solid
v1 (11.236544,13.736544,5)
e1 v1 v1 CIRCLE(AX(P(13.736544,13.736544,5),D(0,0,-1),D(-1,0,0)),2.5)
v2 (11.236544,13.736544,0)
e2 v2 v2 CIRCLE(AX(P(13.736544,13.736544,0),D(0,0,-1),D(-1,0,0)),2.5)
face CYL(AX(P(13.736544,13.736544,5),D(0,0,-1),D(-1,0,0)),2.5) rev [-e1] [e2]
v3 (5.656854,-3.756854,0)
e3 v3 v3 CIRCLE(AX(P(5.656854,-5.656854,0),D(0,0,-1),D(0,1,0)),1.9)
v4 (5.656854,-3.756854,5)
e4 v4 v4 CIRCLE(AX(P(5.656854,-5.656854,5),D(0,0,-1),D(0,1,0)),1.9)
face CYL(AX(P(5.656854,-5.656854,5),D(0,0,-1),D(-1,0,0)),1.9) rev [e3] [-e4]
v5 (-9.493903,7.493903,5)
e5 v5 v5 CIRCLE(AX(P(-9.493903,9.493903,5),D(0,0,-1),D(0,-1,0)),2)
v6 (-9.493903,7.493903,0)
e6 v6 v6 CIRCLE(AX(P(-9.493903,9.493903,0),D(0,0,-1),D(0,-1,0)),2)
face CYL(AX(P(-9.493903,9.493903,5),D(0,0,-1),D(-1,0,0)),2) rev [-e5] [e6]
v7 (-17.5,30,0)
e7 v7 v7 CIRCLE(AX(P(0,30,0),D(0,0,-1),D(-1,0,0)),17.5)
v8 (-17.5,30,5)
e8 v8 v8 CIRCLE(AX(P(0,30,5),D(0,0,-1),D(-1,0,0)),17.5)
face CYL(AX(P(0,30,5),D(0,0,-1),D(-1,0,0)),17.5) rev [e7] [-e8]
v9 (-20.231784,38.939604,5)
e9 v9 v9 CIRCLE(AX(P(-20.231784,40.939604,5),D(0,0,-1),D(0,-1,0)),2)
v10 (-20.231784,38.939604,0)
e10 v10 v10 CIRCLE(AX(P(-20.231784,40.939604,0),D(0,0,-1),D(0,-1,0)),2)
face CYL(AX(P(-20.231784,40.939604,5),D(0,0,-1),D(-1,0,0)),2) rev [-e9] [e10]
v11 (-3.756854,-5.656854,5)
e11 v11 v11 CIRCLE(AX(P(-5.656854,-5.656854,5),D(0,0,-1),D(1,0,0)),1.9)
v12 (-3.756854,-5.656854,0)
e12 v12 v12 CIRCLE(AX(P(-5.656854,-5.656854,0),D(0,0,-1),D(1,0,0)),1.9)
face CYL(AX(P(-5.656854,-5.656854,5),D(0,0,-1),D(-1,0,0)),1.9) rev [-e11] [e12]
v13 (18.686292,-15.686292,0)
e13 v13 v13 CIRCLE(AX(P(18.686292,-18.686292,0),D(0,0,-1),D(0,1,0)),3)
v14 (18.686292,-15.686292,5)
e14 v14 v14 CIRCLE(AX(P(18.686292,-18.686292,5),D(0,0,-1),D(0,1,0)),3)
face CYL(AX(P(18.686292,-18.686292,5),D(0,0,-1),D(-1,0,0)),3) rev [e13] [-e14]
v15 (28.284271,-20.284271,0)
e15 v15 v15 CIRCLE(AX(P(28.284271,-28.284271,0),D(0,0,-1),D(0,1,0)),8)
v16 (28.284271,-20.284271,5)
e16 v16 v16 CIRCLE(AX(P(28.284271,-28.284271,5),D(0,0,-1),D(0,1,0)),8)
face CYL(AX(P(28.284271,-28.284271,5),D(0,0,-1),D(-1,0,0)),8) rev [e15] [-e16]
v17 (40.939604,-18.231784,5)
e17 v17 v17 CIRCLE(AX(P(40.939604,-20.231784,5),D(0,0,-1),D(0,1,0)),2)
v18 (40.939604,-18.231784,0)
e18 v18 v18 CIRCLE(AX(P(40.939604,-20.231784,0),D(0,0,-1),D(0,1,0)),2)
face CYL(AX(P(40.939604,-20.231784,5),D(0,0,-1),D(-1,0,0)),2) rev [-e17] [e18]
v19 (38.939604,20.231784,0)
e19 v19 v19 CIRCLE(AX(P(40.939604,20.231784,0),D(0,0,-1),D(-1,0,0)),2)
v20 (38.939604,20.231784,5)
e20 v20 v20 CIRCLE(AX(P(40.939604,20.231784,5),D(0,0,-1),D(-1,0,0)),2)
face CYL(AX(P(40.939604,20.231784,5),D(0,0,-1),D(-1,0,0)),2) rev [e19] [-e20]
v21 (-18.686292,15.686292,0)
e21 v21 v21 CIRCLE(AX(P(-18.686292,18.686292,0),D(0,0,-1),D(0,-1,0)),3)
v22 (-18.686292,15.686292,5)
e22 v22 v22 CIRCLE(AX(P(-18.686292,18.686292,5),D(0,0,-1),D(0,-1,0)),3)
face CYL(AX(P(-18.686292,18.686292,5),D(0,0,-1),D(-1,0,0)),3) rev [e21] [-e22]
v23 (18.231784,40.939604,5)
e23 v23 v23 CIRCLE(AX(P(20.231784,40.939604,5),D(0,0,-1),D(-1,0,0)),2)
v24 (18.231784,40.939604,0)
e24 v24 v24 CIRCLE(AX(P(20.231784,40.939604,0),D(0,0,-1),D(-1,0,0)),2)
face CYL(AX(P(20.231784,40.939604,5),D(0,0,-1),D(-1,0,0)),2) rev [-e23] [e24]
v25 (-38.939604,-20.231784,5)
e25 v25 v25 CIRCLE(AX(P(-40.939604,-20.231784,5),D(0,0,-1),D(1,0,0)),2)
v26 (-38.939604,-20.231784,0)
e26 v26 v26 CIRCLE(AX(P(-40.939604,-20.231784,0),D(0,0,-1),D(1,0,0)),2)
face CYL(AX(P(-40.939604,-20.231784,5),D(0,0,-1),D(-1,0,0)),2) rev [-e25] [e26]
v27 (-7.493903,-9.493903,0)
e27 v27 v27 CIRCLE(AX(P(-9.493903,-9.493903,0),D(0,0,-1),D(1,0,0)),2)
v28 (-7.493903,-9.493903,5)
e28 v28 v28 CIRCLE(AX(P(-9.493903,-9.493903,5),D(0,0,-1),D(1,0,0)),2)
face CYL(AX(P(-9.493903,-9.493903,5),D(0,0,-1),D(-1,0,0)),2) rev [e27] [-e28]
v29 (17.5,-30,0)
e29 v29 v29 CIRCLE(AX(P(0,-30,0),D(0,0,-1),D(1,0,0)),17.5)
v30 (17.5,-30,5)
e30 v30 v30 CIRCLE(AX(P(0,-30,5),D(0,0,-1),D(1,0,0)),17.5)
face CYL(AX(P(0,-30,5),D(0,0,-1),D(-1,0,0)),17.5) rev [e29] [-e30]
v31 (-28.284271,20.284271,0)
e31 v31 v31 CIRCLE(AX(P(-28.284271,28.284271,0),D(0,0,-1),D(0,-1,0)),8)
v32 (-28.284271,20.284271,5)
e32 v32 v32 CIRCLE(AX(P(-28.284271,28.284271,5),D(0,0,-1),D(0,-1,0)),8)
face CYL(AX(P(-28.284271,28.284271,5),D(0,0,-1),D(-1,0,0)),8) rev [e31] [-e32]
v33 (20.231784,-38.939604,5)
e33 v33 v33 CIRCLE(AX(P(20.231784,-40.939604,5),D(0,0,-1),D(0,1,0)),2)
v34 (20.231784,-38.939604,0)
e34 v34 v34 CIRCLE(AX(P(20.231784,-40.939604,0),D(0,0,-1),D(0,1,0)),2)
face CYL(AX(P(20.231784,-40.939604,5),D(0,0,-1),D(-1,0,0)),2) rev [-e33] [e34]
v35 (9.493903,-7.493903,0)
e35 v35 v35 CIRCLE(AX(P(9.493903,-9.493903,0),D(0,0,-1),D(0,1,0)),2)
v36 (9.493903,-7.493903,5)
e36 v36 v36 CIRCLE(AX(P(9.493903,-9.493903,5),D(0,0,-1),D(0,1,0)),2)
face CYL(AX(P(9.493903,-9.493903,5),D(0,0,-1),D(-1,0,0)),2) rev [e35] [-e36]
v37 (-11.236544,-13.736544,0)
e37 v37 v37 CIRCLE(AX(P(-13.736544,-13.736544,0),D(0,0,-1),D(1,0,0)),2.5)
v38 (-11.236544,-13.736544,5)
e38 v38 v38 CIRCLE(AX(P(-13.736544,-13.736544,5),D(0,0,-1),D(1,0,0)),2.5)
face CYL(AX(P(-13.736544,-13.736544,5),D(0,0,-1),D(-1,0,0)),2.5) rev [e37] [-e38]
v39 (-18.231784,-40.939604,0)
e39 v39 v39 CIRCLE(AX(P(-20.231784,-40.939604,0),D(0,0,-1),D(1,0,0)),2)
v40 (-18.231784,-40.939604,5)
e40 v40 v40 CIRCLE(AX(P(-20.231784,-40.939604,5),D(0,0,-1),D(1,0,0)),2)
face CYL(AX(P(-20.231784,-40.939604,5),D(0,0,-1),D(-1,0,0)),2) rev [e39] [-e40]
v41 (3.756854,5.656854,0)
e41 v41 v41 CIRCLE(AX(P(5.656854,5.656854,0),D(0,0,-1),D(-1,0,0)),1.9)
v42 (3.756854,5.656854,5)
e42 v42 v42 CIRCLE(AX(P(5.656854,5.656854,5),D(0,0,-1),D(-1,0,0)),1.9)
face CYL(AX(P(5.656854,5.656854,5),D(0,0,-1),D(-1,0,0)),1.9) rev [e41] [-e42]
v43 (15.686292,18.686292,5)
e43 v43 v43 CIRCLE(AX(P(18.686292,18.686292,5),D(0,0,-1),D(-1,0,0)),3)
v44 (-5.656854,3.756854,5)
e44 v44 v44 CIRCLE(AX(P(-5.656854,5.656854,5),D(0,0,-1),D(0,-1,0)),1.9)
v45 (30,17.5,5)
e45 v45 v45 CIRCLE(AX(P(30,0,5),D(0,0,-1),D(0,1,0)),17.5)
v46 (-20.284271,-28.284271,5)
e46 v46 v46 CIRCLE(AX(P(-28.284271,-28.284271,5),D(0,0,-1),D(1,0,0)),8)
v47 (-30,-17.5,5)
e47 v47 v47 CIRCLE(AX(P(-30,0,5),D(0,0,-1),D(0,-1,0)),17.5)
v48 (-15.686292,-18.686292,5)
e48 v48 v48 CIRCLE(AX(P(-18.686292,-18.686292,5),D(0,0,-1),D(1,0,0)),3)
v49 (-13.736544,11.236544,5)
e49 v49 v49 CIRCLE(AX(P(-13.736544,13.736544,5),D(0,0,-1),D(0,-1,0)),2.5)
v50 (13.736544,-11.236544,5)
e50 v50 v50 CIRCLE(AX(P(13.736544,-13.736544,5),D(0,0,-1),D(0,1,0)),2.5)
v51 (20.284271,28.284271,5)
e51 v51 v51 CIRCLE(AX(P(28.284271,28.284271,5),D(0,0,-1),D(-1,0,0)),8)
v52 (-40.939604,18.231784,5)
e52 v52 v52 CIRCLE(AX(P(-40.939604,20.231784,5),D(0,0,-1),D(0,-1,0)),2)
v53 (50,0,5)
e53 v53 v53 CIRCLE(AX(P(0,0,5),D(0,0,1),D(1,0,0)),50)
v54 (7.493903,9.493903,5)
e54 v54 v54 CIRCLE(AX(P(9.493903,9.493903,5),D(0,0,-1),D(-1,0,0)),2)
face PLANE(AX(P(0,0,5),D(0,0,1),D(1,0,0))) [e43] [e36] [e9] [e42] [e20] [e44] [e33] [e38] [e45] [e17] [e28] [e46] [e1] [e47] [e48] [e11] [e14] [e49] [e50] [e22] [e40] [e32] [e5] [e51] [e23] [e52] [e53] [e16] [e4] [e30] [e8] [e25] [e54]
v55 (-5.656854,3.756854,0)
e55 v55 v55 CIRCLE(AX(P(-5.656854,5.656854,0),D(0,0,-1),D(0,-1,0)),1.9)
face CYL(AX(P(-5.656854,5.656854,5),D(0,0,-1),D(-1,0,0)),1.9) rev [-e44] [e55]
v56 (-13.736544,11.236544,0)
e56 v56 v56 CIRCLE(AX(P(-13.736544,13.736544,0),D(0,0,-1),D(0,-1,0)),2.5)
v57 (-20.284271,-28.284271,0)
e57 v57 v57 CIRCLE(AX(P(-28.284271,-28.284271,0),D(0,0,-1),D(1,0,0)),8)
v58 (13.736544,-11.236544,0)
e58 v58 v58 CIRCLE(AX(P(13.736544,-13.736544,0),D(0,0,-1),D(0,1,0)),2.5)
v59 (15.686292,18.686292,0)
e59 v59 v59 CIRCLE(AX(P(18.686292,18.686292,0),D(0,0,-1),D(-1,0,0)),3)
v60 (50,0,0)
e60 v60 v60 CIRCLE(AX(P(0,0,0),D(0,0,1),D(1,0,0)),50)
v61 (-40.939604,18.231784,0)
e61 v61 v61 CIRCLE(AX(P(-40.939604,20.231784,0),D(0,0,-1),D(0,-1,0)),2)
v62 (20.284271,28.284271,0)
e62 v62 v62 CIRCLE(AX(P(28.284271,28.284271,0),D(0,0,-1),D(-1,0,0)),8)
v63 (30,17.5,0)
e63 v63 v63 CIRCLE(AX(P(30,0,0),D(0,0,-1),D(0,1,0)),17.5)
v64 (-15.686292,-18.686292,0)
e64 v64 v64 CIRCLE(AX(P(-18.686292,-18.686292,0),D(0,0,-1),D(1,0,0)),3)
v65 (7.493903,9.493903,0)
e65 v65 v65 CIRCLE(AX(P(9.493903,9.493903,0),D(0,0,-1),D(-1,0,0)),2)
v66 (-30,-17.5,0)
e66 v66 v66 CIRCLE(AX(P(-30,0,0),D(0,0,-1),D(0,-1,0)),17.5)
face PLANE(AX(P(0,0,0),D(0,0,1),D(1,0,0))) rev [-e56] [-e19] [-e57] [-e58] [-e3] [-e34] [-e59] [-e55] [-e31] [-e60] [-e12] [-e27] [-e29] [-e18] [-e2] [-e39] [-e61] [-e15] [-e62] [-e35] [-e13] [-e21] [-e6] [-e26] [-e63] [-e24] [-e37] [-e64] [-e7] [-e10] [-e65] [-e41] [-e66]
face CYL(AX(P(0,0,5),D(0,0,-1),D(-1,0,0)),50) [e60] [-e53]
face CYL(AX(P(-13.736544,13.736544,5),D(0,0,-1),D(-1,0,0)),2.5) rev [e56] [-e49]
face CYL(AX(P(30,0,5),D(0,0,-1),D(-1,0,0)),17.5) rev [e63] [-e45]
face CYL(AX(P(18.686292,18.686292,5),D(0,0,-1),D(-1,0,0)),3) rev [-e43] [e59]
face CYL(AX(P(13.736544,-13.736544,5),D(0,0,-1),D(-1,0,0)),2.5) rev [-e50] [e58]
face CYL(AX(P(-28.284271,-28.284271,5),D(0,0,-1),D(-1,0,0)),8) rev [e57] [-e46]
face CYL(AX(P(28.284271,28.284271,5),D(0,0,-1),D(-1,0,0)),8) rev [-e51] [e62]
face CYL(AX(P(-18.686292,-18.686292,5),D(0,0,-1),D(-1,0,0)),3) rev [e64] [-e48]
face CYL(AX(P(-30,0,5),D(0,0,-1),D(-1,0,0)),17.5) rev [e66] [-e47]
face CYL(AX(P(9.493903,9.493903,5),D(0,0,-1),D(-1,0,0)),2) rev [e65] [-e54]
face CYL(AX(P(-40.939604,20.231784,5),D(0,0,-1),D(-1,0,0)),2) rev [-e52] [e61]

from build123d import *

# Parameters (mm, degrees)
SKETCH1_R           = 50
BOSS_EXTRUDE1_DEPTH = 5
SKETCH2_R           = 1.9
CUT_EXTRUDE1_DEPTH  = 6
CIRPATTERN1_COUNT   = 4
SKETCH3_R           = 17.5
CUT_EXTRUDE2_DEPTH  = 6
CIRPATTERN2_COUNT   = 4
SKETCH4_R           = 8
SKETCH4_R_2         = 3
SKETCH4_R_3         = 2.5
SKETCH4_R_4         = 2
CUT_EXTRUDE3_DEPTH  = 6
CIRPATTERN3_COUNT   = 4


with BuildPart() as part:
    # Sketch1 → Boss-Extrude1 (new body)
    with BuildSketch(Plane.XY):
        Circle(SKETCH1_R)
    extrude(amount=BOSS_EXTRUDE1_DEPTH)

    # Sketch2 → Cut-Extrude1 (cut, through all)
    with BuildSketch(Plane(origin=(0, 0, 0), x_dir=(-1, 0, 0), z_dir=(0, 0, -1))):
        with Locations((-5.656854249, 5.656854249)):
            Circle(SKETCH2_R)
    cut_extrude1 = extrude(amount=-CUT_EXTRUDE1_DEPTH, mode=Mode.SUBTRACT)

    # CirPattern1: Cut-Extrude1 ×4 about axis
    cirpattern1_axis = Axis((0, 0, 0), (0, 0, 1))
    for i in range(1, CIRPATTERN1_COUNT):
        add(cut_extrude1.rotate(cirpattern1_axis, i * 360 / CIRPATTERN1_COUNT), mode=Mode.SUBTRACT)

    # Sketch3 → Cut-Extrude2 (cut, through all)
    with BuildSketch(Plane(origin=(0, 0, 0), x_dir=(-1, 0, 0), z_dir=(0, 0, -1))):
        with Locations((0, 30)):
            Circle(SKETCH3_R)
    cut_extrude2 = extrude(amount=-CUT_EXTRUDE2_DEPTH, mode=Mode.SUBTRACT)

    # CirPattern2: Cut-Extrude2 ×4 about axis
    cirpattern2_axis = Axis((0, 0, 0), (0, 0, 1))
    for i in range(1, CIRPATTERN2_COUNT):
        add(cut_extrude2.rotate(cirpattern2_axis, i * 360 / CIRPATTERN2_COUNT), mode=Mode.SUBTRACT)

    # Sketch4 → Cut-Extrude3 (cut, through all)
    with BuildSketch(Plane(origin=(0, 0, 0), x_dir=(-1, 0, 0), z_dir=(0, 0, -1))):
        with Locations((-28.284271247, 28.284271247)):
            Circle(SKETCH4_R)
        with Locations((-18.686291501, 18.686291501)):
            Circle(SKETCH4_R_2)
        with Locations((-13.736544033, 13.736544033)):
            Circle(SKETCH4_R_3)
        with Locations((-9.493903346, 9.493903346)):
            Circle(SKETCH4_R_4)
        with Locations((-20.231783609, 40.939603832)):
            Circle(SKETCH4_R_4)
        with Locations((-40.939603832, 20.231783609)):
            Circle(SKETCH4_R_4)
    cut_extrude3 = extrude(amount=-CUT_EXTRUDE3_DEPTH, mode=Mode.SUBTRACT)

    # CirPattern3: Cut-Extrude3 ×4 about axis
    cirpattern3_axis = Axis((0, 0, 0), (0, 0, 1))
    for i in range(1, CIRPATTERN3_COUNT):
        add(cut_extrude3.rotate(cirpattern3_axis, i * 360 / CIRPATTERN3_COUNT), mode=Mode.SUBTRACT)


solid = part.part
